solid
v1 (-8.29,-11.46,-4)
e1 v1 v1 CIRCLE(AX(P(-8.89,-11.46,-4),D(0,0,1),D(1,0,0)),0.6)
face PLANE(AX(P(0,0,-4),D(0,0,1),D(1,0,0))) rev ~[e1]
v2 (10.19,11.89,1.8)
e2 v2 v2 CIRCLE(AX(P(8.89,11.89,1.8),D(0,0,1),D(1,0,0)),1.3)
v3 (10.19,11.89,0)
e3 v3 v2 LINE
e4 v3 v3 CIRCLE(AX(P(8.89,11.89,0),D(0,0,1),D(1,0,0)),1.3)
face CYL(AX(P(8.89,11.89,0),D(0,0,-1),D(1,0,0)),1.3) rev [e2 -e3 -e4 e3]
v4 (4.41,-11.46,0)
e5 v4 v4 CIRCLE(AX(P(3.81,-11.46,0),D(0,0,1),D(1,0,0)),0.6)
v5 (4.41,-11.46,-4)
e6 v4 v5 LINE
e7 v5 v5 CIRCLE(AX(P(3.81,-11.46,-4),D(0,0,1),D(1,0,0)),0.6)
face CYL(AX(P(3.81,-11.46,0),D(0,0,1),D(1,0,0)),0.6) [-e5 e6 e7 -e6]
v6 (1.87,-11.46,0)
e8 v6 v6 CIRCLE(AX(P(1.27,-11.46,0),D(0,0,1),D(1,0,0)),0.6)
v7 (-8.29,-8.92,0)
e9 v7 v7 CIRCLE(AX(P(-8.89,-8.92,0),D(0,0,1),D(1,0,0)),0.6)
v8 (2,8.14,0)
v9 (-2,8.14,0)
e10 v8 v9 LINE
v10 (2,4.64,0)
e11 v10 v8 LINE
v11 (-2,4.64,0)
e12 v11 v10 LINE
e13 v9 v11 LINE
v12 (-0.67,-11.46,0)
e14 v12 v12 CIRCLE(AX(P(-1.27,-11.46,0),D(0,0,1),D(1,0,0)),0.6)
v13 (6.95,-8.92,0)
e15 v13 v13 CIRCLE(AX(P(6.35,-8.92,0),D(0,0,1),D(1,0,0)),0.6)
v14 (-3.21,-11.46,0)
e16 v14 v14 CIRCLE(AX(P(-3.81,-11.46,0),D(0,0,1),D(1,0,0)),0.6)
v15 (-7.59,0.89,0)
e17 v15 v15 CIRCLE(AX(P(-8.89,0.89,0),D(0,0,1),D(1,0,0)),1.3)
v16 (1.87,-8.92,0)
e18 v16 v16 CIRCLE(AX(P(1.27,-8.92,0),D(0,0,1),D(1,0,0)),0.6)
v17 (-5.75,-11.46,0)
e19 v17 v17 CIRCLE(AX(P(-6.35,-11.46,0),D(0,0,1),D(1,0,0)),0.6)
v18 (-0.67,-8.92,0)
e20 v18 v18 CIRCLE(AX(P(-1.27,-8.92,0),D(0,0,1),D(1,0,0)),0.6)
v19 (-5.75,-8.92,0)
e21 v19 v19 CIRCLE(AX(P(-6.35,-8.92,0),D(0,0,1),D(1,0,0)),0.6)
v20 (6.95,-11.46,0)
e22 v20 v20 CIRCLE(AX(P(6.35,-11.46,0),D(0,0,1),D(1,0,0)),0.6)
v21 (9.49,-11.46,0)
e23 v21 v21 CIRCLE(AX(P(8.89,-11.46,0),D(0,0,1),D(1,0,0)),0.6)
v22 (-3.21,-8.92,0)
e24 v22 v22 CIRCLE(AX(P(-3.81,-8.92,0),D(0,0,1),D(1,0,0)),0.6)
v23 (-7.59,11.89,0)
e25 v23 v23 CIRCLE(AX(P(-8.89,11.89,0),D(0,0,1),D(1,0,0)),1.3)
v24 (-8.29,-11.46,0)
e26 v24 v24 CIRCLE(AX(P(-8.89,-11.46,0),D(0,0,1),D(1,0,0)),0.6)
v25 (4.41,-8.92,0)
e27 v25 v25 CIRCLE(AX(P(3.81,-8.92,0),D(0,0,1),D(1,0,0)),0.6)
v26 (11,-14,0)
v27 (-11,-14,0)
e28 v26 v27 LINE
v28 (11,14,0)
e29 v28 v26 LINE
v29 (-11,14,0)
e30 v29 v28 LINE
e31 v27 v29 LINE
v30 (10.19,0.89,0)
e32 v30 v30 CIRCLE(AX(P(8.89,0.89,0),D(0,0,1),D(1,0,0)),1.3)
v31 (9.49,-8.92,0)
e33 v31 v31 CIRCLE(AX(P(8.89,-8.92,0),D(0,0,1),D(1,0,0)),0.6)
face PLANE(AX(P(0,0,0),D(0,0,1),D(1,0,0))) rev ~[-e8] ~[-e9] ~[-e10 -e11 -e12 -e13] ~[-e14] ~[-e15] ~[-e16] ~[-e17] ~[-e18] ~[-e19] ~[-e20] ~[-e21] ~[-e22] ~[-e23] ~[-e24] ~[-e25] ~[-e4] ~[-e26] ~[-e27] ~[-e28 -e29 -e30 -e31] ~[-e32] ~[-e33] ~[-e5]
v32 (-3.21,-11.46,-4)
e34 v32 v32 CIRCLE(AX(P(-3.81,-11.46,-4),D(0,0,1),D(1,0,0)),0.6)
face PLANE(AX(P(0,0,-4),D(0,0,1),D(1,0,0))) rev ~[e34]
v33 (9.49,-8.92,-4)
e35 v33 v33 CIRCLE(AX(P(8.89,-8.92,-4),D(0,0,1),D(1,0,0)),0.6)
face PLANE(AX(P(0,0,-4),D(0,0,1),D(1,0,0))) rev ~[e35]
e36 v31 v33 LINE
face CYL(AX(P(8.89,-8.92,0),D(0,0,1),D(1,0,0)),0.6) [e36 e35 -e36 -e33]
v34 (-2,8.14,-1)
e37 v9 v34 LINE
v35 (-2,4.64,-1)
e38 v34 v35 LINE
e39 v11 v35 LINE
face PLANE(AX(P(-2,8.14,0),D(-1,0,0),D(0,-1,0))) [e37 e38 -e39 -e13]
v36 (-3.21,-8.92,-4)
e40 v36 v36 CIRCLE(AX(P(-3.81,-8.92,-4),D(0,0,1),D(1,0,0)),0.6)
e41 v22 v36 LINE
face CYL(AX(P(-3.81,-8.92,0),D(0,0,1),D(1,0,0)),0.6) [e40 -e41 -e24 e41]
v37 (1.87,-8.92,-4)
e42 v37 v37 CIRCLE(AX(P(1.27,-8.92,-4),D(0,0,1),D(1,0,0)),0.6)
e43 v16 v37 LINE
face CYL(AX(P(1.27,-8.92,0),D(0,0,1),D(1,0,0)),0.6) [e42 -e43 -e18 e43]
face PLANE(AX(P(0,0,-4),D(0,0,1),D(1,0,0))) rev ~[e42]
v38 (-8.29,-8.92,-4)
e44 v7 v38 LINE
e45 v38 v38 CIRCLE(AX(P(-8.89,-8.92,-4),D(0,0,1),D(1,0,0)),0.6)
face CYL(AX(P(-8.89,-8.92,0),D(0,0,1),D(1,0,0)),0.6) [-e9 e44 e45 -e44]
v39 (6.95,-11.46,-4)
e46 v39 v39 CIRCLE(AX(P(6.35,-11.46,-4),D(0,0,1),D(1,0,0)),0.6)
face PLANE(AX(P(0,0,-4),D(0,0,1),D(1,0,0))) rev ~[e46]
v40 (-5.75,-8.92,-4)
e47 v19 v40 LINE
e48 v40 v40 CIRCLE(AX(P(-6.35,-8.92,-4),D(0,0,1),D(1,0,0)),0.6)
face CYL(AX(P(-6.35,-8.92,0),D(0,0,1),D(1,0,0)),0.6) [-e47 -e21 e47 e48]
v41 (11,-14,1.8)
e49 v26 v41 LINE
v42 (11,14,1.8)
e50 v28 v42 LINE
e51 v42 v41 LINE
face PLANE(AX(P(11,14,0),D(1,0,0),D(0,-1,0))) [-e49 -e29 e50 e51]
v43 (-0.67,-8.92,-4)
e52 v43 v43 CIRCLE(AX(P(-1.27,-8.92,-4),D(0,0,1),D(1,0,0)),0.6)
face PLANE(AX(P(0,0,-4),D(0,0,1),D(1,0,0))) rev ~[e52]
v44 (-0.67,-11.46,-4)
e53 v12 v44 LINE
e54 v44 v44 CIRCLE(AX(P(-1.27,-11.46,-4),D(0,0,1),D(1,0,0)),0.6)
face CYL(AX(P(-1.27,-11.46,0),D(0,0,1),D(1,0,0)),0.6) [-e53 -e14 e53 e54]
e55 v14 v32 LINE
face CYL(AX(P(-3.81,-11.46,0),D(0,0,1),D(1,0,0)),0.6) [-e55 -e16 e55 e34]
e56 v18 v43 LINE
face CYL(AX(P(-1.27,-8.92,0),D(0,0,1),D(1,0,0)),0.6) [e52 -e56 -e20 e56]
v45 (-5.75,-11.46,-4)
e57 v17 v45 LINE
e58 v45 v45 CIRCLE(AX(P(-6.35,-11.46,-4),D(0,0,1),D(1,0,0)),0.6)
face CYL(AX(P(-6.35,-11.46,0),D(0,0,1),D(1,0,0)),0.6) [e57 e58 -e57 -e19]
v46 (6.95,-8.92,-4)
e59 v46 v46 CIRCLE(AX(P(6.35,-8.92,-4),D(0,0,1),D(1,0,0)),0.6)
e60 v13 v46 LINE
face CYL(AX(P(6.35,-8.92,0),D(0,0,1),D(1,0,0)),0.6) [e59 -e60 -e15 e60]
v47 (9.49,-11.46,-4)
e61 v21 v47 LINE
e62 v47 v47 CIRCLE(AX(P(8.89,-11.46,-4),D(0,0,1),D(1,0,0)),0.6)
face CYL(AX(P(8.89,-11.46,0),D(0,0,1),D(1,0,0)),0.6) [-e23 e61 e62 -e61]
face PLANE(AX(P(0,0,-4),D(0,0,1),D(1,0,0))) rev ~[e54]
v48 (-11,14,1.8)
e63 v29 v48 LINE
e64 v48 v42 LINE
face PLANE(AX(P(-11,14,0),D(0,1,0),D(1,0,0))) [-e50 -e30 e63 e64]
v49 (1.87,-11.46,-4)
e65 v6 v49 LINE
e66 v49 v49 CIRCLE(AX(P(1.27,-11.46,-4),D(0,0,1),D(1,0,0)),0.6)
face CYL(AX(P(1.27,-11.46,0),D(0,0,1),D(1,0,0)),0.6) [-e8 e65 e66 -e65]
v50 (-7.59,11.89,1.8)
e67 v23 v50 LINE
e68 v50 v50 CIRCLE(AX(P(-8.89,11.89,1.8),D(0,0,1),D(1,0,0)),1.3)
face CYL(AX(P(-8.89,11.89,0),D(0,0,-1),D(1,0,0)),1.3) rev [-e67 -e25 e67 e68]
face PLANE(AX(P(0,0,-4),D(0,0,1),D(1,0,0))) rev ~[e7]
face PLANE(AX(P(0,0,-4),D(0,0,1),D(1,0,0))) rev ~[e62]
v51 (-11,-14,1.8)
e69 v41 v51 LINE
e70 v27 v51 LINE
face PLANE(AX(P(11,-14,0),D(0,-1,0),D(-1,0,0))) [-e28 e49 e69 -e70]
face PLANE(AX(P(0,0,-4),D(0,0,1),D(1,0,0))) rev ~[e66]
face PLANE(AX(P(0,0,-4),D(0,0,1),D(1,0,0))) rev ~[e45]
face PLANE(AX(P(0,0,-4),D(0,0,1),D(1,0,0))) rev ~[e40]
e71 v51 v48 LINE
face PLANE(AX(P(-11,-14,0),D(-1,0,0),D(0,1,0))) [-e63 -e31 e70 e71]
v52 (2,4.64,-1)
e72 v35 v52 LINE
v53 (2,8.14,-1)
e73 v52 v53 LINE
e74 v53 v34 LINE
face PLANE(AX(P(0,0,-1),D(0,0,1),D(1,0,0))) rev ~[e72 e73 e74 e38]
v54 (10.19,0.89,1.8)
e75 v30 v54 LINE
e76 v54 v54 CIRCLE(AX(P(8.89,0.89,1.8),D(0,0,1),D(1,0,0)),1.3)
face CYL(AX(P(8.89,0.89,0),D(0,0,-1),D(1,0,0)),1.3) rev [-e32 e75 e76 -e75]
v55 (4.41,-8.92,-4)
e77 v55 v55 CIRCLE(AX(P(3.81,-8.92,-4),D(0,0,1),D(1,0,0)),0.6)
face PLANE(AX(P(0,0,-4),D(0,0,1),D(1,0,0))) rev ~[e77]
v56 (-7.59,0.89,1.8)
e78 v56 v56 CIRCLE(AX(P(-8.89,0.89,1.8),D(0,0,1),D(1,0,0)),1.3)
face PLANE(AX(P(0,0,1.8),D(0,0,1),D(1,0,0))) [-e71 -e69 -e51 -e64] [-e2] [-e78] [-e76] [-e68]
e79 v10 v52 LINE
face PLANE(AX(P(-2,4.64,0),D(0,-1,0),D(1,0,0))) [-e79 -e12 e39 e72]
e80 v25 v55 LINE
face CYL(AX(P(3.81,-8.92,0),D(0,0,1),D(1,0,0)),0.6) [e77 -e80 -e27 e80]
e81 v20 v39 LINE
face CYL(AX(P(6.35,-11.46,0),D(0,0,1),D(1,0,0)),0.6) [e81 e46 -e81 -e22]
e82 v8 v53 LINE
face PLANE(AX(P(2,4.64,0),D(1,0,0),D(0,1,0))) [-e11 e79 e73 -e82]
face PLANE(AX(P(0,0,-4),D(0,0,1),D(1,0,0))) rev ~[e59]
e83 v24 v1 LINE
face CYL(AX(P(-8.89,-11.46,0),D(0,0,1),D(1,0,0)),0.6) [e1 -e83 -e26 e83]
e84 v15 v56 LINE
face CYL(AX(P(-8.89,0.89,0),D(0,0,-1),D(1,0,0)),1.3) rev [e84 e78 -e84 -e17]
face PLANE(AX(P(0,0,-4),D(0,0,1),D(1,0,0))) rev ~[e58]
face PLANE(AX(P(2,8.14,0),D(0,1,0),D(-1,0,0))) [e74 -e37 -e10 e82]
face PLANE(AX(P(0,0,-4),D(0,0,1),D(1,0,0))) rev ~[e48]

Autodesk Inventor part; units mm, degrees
ref_plane "YZ Plane" through (0, 0, 0) normal (1, 0, 0) x (0, 1, 0)
ref_plane "XZ Plane" through (0, 0, 0) normal (0, 1, 0) x (-1, 0, 0)
ref_plane "XY Plane" through (0, 0, 0) normal (0, 0, 1) x (1, 0, 0)
sketch "Skizze1" plane through (0, 0, 0) normal (0, 0, 1) x (1, 0, 0)
  line L0 (-11, 14) -> (11, 14)
  line L1 (11, 14) -> (11, -14)
  line L2 (11, -14) -> (-11, -14)
  line L3 (-11, -14) -> (-11, 14)
  line L4 (0, 19.6) -> (0, -19.6) construction
  line L5 (-15.4, 0) -> (15.4, 0) construction
  line L6 (-8.89, 0.89) -> (8.89, 0.89) construction
  line L7 (8.89, 0.89) -> (8.89, 11.89) construction
  line L8 (8.89, 11.89) -> (-8.89, 11.89) construction
  line L9 (-8.89, 11.89) -> (-8.89, 0.89) construction
  circle A0 centre (-8.89, 0.89) radius 1.3
  circle A1 centre (8.89, 0.89) radius 1.3
  circle A2 centre (8.89, 11.89) radius 1.3
  circle A3 centre (-8.89, 11.89) radius 1.3
  line L10 (-11, 14) -> (-8.89, 11.89) construction
  line L11 (-8.89, -11.46) -> (8.89, -11.46) construction
  line L12 (8.89, -11.46) -> (8.89, -8.92) construction
  line L13 (8.89, -8.92) -> (-8.89, -8.92) construction
  line L14 (-8.89, -8.92) -> (-8.89, -11.46) construction
  circle A4 centre (-8.89, -11.46) radius 0.6
  circle A5 centre (-6.35, -11.46) radius 0.6
  circle A6 centre (-3.81, -11.46) radius 0.6
  circle A7 centre (-1.27, -11.46) radius 0.6
  circle A8 centre (1.27, -11.46) radius 0.6
  circle A9 centre (3.81, -11.46) radius 0.6
  circle A10 centre (6.35, -11.46) radius 0.6
  circle A11 centre (8.89, -11.46) radius 0.6
  circle A12 centre (-8.89, -8.92) radius 0.6
  circle A13 centre (-6.35, -8.92) radius 0.6
  circle A14 centre (-3.81, -8.92) radius 0.6
  circle A15 centre (-1.27, -8.92) radius 0.6
  circle A16 centre (1.27, -8.92) radius 0.6
  circle A17 centre (3.81, -8.92) radius 0.6
  circle A18 centre (6.35, -8.92) radius 0.6
  circle A19 centre (8.89, -8.92) radius 0.6
  line L15 (-2, 4.64) -> (2, 4.64)
  line L16 (2, 4.64) -> (2, 8.14)
  line L17 (2, 8.14) -> (-2, 8.14)
  line L18 (-2, 8.14) -> (-2, 4.64)
  line L19 (-8.89, 0.89) -> (8.89, 11.89) construction
  line L20 (-8.89, 11.89) -> (8.89, 0.89) construction
  line L21 (-8.89, 6.39) -> (8.89, 6.39) construction
  point P0 (0, 0)
  point P1 (0, 6.39)
  dimension "d0" = 22
  dimension "d1" = 28
  dimension "d2" = 11
  dimension "d3" = 17.78
  dimension "d4" = 2.6
  dimension "d5" = 135
  dimension "d6" = 2.54
  dimension "d9" = 2.54
  dimension "d12" = 2.54
  dimension "d15" = 4
  dimension "d16" = 3.5
  dimension "d17" = 2.54
  dimension "d18" = 1.2
extrude "Extrusion1" add sketch "Skizze1" along normal blind 1.8 contours L0 L1 L2 L3 | A4 | A5 | A6 | A7 | A8 | A9 | A10 | A11 | A12 | A13 | A14 | A15 | A16 | A17 | A18 | A19 | L18 L17 L16 L15
extrude "Extrusion2" add sketch "Skizze1" against normal blind 4 from surface at 0 contours A4 | A5 | A6 | A7 | A8 | A9 | A10 | A11 | A12 | A13 | A14 | A15 | A16 | A17 | A18 | A19
extrude "Extrusion3" add sketch "Skizze1" against normal blind 1 from surface at 0 contours L18 L17 L16 L15
properties part number "AS5047D"
